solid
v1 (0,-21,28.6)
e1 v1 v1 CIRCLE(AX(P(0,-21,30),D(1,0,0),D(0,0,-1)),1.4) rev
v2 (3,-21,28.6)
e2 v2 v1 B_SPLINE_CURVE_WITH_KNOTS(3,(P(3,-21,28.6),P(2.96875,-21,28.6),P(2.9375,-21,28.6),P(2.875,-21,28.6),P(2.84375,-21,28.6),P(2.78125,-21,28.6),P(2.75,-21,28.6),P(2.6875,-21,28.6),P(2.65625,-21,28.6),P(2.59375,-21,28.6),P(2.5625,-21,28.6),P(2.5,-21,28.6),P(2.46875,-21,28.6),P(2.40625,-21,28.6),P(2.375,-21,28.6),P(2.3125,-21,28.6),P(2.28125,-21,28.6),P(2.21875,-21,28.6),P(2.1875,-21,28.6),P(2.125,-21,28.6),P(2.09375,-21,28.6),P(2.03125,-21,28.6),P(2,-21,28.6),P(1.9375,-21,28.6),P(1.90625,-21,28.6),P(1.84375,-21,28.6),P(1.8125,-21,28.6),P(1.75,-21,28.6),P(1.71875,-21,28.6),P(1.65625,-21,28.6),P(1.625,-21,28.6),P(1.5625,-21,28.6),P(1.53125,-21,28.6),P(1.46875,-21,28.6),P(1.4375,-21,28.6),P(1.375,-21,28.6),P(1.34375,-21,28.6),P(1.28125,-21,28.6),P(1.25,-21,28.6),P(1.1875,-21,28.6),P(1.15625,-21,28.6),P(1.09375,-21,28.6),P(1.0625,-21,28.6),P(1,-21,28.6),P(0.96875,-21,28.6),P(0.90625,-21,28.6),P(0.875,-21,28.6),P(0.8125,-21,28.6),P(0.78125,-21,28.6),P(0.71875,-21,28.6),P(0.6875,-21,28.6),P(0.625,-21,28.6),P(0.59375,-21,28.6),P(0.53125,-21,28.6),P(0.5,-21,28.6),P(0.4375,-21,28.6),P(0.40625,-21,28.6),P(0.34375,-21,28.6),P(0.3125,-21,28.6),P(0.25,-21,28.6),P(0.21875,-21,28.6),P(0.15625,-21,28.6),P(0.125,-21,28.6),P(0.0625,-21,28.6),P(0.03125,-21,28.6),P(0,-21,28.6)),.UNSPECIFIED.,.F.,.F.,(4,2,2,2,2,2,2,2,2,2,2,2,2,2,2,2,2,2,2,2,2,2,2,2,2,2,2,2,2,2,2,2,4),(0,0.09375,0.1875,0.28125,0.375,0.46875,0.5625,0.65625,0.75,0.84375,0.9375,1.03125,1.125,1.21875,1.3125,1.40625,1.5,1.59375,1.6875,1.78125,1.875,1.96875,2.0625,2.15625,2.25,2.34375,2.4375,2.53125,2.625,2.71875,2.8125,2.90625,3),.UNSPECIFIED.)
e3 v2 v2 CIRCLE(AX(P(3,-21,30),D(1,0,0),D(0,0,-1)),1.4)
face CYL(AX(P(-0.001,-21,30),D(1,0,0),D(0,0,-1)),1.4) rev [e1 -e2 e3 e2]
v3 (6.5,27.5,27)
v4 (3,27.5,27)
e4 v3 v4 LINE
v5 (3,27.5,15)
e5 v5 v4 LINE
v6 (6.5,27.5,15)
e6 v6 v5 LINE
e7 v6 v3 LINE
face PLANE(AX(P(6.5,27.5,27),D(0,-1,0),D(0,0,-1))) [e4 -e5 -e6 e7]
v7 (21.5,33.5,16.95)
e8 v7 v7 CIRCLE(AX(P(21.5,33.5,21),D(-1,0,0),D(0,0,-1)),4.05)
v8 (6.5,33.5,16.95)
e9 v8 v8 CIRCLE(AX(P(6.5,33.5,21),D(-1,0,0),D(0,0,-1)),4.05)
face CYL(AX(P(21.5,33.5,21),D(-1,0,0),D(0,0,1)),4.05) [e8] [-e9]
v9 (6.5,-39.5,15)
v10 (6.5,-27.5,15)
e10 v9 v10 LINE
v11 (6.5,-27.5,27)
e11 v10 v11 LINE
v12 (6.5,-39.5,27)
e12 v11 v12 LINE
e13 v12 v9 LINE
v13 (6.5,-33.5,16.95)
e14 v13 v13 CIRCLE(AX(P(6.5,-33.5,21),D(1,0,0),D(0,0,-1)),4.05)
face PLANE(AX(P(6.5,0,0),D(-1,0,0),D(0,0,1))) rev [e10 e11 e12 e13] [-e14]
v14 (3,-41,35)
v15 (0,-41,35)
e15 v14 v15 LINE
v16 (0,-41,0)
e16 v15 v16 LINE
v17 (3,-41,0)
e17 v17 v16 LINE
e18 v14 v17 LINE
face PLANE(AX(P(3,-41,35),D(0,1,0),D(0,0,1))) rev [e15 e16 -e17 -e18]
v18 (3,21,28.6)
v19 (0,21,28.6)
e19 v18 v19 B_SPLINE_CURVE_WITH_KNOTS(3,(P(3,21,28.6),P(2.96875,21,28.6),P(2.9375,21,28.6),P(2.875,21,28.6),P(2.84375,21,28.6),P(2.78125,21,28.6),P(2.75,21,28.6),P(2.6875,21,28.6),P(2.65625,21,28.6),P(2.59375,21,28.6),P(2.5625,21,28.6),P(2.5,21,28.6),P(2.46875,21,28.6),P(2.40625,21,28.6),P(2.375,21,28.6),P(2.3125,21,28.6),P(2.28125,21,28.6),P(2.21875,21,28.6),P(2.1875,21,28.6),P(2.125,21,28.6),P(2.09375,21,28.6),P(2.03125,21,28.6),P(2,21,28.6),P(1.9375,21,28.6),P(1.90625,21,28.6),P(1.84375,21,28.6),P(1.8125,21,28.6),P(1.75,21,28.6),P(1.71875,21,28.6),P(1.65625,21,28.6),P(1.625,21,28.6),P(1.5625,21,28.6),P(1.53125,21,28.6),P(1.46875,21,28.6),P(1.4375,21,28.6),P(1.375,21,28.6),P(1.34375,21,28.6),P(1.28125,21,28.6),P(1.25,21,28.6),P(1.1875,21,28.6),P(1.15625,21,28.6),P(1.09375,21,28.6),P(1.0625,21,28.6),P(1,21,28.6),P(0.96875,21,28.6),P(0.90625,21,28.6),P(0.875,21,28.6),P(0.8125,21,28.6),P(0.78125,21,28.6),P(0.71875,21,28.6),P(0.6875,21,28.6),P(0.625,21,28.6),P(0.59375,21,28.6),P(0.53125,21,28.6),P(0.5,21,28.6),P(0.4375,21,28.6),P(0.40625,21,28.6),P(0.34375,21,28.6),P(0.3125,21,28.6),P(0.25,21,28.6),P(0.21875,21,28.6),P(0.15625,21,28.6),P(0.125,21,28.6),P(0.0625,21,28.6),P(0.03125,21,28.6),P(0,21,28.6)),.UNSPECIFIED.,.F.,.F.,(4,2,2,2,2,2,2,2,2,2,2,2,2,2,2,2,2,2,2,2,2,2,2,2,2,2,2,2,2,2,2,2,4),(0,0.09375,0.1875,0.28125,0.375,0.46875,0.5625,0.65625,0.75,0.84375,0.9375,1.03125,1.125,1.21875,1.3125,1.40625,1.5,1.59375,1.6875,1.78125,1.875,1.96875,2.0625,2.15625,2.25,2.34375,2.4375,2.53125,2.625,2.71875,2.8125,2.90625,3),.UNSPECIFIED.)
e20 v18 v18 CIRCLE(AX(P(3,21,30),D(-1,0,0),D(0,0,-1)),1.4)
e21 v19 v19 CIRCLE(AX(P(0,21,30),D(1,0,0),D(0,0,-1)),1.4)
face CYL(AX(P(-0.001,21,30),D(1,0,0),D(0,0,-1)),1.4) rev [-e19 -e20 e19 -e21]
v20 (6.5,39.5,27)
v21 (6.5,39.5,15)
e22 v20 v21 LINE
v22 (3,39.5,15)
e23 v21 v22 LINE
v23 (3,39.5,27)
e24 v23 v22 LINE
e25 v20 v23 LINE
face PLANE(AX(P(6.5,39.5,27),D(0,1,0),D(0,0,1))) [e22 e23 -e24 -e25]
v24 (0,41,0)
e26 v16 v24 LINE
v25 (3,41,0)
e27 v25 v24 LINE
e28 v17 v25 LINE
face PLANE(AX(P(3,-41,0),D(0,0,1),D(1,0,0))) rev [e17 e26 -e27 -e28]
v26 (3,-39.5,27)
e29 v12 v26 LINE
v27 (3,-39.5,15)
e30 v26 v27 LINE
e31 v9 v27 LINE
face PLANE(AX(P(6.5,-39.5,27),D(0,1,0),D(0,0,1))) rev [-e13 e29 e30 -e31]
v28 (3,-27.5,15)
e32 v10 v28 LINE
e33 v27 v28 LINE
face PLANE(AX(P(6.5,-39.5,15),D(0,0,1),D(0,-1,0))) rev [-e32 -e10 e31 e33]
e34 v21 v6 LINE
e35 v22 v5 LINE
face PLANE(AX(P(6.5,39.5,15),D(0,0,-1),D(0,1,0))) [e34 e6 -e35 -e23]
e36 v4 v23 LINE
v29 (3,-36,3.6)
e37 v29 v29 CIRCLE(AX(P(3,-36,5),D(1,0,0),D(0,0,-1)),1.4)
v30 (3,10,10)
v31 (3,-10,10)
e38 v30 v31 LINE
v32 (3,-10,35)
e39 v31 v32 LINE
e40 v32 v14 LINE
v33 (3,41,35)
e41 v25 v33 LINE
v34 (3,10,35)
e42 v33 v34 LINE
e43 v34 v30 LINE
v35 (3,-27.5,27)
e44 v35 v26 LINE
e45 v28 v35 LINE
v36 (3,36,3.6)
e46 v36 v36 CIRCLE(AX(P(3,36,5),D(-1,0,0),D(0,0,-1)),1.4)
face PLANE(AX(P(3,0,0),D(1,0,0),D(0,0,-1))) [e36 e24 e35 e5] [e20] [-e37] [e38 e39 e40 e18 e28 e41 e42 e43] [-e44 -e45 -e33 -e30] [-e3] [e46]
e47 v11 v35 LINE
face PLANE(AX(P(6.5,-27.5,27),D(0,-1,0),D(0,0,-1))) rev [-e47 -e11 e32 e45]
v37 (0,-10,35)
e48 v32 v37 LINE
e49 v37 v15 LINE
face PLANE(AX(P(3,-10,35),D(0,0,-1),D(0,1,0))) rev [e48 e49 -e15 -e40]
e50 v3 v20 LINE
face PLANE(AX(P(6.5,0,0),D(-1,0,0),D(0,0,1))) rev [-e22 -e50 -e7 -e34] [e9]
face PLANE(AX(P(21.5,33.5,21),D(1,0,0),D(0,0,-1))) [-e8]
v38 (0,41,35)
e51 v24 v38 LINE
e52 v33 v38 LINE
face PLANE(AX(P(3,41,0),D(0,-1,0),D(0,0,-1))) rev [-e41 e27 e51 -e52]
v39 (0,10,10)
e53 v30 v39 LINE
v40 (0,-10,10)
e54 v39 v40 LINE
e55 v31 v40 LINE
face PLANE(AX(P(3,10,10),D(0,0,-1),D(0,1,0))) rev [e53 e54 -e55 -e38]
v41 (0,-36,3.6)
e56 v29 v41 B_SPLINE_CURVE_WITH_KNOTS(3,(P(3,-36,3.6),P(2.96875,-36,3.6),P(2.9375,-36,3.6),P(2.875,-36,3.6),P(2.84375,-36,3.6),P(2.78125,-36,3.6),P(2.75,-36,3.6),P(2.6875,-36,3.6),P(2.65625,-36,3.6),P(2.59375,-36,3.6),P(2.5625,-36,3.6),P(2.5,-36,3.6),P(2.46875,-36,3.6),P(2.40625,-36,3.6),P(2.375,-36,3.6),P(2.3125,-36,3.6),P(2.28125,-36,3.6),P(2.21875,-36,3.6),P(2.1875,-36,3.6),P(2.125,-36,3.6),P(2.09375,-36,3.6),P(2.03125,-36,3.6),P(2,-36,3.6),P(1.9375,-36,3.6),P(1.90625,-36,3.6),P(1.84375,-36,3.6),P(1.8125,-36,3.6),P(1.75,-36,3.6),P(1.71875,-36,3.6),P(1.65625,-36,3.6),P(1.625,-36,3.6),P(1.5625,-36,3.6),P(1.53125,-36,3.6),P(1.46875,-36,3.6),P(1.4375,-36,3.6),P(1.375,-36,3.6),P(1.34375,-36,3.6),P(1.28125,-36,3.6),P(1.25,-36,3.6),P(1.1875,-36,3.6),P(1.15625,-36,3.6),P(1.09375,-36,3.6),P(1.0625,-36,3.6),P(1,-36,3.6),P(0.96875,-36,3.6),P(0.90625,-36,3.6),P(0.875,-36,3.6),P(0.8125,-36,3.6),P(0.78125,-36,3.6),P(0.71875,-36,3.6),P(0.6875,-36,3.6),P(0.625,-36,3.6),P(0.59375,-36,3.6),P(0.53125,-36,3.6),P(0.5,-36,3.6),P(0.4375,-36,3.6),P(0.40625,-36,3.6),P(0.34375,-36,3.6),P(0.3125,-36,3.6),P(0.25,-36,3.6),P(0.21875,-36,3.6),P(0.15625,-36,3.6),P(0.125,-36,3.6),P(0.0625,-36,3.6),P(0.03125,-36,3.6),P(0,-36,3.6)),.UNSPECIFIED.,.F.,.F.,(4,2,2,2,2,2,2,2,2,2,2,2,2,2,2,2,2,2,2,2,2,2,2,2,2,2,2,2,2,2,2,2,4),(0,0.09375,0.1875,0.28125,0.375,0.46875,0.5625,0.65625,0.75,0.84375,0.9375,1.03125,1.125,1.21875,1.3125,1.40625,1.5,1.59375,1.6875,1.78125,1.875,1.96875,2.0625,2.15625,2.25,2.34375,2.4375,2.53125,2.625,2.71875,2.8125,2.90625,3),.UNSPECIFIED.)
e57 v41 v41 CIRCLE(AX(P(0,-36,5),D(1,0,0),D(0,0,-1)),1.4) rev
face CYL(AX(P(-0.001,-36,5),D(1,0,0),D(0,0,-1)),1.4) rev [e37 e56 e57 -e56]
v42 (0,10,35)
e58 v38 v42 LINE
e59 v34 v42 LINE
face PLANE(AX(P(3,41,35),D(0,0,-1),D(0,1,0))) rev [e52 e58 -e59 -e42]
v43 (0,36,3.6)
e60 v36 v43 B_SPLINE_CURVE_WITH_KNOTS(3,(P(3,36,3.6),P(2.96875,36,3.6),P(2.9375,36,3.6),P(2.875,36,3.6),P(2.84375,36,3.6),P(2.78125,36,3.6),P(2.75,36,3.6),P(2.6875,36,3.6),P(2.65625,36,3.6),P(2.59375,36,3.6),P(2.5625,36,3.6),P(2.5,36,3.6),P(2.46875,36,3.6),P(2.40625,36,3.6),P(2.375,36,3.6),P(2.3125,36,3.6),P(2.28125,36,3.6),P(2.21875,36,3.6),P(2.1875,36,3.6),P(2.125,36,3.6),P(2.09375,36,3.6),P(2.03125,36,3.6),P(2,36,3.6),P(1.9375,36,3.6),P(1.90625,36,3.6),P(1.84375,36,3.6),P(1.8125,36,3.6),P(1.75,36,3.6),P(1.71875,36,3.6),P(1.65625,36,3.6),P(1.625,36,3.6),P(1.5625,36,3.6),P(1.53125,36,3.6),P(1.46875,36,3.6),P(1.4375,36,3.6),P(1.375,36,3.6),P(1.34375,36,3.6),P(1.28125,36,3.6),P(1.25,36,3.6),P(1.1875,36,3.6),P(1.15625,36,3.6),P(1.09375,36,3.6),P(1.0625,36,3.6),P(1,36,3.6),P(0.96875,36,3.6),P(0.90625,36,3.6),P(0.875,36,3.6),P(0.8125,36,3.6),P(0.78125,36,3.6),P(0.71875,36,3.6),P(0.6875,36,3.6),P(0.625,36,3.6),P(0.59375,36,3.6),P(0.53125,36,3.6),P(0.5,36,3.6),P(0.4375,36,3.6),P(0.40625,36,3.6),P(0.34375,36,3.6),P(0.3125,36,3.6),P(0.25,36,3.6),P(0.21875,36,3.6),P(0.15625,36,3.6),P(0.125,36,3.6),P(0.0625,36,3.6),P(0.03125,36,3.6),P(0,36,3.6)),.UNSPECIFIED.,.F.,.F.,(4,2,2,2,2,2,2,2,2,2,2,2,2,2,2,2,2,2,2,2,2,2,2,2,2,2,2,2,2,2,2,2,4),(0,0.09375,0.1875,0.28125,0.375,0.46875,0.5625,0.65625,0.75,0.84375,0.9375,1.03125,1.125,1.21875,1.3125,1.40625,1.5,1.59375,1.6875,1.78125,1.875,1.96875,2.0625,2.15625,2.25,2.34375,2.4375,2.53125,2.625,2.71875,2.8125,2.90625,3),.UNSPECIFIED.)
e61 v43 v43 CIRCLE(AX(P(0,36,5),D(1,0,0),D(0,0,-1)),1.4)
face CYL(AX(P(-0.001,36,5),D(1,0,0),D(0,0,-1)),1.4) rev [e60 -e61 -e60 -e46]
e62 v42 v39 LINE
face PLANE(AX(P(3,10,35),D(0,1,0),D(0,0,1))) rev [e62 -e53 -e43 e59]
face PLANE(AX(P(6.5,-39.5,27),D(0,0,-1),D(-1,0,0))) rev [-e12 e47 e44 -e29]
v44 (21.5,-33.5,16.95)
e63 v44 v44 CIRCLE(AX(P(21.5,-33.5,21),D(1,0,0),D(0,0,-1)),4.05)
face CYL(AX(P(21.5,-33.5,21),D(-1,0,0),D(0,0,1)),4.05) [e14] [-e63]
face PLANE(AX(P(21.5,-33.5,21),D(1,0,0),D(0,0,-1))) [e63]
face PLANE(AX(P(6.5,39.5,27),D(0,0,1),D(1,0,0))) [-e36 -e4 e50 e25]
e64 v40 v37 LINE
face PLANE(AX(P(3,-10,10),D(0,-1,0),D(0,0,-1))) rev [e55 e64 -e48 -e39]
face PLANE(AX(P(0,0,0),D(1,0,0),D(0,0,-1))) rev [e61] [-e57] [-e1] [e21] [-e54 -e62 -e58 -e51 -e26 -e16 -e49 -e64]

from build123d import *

# Parameters (mm, degrees)
EXTRUDE_1_DEPTH     = 3
SKETCH_2_W          = 12
SKETCH_2_H          = 12
EXTRUDE_2_DEPTH     = 3.5
SKETCH_3_R          = 4.05
EXTRUDE_3_DEPTH     = 15
CUT_EXTRUDE_1_REACH = 58.993
SKETCH_4_R          = 1.4


with BuildPart() as part:
    # 草圖1 → 填料-伸長1 (new body)
    with BuildSketch(Plane(origin=(0, 0, 0), x_dir=(0, 0, -1), z_dir=(1, 0, 0))):
        Polygon((-35, -10), (-35, -41), (0, -41), (0, 41), (-35, 41), (-35, 10), (-10, 10), (-10, -10), align=None)
    extrude(amount=EXTRUDE_1_DEPTH)

    # 草圖2 → 填料-伸長2 (add)
    with BuildSketch(Plane(origin=(3, 0, 0), x_dir=(0, 0, -1), z_dir=(1, 0, 0))):
        with Locations((-21, -33.5)):
            Rectangle(SKETCH_2_W, SKETCH_2_H)
    extrude_2 = extrude(amount=EXTRUDE_2_DEPTH)

    # 草圖3 → 填料-伸長3 (add)
    with BuildSketch(Plane(origin=(6.5, 0, 0), x_dir=(0, 0, -1), z_dir=(1, 0, 0))):
        with Locations((-21, -33.5)):
            Circle(SKETCH_3_R)
    extrude_3 = extrude(amount=EXTRUDE_3_DEPTH)

    # 鏡射1: 填料-伸長2, 填料-伸長3 across plane
    add(extrude_2.mirror(Plane.ZX))
    add(extrude_3.mirror(Plane.ZX))

    # 草圖4 → 除料-伸長1 (cut, up to next)
    with BuildSketch(Plane(origin=(3, 0, 0), x_dir=(0, 0, -1), z_dir=(1, 0, 0)), mode=Mode.PRIVATE) as cut_extrude_1_sk1:
        with Locations((-30, -21)):
            Circle(SKETCH_4_R)
    cut_extrude_1_tool1 = extrude(cut_extrude_1_sk1.sketch, amount=-CUT_EXTRUDE_1_REACH, mode=Mode.PRIVATE) & part.part
    # 草圖4 → 除料-伸長1 (cut, up to next)
    with BuildSketch(Plane(origin=(3, 0, 0), x_dir=(0, 0, -1), z_dir=(1, 0, 0)), mode=Mode.PRIVATE) as cut_extrude_1_sk2:
        with Locations((-5, -36)):
            Circle(SKETCH_4_R)
    cut_extrude_1_tool2 = extrude(cut_extrude_1_sk2.sketch, amount=-CUT_EXTRUDE_1_REACH, mode=Mode.PRIVATE) & part.part
    cut_extrude_1_1 = cut_extrude_1_tool1.solids().sort_by_distance((3, -21, 30))[0]
    add(cut_extrude_1_1, mode=Mode.SUBTRACT)
    cut_extrude_1_2 = cut_extrude_1_tool2.solids().sort_by_distance((3, -36, 5))[0]
    add(cut_extrude_1_2, mode=Mode.SUBTRACT)
    cut_extrude_1 = cut_extrude_1_1 + cut_extrude_1_2  # 除料-伸長1 as one shape, for the pattern or mirror that repeats it

    # 鏡射2: 除料-伸長1 across plane
    add(cut_extrude_1.mirror(Plane.ZX), mode=Mode.SUBTRACT)


solid = part.part
